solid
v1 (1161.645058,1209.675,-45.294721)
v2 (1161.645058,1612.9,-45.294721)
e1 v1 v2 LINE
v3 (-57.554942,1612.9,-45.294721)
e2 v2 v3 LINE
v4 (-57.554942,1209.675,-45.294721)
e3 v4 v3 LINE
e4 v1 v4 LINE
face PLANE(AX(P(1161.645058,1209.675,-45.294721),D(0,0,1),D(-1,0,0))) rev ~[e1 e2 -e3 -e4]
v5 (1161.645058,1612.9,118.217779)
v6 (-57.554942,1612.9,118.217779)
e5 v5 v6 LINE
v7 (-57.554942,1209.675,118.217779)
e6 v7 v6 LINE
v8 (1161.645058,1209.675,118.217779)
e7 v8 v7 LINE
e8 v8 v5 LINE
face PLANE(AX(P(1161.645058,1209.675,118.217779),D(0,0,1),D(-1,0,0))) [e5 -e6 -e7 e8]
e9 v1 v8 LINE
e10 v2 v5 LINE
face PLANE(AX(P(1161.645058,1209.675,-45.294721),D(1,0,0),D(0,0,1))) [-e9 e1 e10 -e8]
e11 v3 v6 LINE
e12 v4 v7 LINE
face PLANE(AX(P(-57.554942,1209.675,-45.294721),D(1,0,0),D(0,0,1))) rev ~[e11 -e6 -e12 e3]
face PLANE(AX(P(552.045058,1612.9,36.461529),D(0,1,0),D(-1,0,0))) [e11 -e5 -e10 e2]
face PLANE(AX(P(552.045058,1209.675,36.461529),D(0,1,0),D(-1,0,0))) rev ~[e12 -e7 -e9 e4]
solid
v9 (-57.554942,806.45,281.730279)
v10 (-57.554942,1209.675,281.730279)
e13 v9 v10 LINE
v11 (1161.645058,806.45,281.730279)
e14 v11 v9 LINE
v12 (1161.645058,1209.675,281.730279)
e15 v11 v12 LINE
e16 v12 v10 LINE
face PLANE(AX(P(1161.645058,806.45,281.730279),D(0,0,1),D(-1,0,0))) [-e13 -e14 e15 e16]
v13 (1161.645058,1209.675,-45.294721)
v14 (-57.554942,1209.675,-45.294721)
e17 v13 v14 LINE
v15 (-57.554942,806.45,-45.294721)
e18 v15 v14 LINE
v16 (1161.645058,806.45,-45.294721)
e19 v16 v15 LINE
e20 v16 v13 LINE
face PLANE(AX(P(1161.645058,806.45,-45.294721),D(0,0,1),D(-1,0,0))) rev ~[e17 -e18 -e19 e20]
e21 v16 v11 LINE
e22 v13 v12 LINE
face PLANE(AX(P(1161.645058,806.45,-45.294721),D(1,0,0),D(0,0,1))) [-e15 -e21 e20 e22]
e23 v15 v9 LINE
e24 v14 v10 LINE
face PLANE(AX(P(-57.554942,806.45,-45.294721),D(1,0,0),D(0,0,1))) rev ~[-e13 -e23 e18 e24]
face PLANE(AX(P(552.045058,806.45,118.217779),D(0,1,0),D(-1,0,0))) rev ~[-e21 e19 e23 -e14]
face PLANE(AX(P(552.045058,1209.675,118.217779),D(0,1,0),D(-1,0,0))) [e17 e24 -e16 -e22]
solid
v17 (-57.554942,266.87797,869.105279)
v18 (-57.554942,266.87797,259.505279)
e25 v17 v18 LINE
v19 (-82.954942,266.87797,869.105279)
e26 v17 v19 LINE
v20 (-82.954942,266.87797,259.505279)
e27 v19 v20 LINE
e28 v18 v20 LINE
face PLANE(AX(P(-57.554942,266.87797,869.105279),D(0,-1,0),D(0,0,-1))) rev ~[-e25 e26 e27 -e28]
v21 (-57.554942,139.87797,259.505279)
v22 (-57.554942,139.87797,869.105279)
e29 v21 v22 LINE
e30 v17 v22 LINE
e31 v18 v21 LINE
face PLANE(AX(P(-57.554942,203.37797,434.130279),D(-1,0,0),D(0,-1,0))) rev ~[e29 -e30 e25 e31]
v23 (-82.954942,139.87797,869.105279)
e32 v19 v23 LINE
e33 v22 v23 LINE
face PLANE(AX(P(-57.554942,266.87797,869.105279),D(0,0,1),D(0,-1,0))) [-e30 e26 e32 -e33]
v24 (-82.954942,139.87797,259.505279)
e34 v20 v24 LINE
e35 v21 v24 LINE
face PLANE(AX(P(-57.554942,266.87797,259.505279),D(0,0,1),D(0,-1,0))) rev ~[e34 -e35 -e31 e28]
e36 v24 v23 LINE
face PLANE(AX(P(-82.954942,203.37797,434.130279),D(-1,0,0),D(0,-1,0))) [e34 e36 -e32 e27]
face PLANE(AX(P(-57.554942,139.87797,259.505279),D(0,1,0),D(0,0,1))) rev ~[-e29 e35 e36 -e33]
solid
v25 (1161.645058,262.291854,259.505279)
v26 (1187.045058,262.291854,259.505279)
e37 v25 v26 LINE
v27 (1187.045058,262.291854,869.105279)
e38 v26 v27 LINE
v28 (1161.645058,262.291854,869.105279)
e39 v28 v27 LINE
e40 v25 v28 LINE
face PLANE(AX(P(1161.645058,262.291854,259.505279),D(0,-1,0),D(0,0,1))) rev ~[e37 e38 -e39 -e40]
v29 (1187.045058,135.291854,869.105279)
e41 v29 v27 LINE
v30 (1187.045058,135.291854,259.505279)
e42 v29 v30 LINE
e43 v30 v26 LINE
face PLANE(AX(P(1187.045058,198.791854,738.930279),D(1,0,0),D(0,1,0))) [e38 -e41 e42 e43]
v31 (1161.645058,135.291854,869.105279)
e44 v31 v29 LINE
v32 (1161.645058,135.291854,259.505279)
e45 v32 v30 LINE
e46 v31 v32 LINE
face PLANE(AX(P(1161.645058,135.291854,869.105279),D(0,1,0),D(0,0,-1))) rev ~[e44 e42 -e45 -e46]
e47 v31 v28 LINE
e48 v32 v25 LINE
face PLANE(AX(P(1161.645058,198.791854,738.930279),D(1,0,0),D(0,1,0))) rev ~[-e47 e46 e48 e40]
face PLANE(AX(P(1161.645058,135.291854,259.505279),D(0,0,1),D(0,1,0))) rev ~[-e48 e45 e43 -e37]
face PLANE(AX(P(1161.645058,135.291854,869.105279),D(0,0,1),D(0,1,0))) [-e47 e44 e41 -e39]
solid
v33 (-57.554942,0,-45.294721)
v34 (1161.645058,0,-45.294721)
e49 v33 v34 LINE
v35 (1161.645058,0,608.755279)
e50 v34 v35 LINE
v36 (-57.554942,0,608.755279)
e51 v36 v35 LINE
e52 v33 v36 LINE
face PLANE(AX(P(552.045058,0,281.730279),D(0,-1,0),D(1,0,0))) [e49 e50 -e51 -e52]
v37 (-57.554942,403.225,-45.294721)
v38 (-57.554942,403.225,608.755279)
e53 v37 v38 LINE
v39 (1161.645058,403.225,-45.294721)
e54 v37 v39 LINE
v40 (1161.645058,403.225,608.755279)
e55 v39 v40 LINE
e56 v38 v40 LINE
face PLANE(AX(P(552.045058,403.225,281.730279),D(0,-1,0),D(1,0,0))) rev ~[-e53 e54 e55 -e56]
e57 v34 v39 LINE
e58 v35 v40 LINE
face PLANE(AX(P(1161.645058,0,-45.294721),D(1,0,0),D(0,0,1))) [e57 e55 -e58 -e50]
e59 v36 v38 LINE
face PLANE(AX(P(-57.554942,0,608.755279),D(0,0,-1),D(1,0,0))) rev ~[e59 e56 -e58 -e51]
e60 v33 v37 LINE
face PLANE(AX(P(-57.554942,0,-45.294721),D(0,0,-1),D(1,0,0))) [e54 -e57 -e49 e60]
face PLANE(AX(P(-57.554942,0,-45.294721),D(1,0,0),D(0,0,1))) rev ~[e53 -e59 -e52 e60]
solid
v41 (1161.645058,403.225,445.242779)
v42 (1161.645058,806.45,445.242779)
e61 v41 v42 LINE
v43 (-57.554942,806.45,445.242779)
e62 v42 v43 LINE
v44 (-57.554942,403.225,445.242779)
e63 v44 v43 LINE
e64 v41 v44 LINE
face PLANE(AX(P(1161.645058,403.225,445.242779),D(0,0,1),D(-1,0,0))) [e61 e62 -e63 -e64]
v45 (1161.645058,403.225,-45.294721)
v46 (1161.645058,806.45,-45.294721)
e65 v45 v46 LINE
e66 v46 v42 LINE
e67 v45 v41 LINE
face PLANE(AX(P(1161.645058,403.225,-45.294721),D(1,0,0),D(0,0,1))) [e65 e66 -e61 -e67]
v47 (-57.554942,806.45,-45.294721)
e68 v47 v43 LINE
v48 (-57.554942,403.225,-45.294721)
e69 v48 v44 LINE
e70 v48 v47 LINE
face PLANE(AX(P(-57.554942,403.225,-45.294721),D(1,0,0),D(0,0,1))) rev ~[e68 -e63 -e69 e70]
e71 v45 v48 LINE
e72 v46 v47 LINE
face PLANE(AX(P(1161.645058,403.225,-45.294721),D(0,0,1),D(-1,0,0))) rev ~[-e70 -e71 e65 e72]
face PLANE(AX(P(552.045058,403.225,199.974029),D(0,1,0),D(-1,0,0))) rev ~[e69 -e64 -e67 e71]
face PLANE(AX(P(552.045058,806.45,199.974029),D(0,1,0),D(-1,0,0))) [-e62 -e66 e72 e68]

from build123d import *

# Parameters (mm, degrees)
F0_W      = 1219.2
F0_H      = 654.05
F1_DEPTH  = 403.225
F2_W      = 1219.2
F2_H      = 490.5375
F3_DEPTH  = 403.225
F4_W      = 1219.2
F4_H      = 327.025
F5_DEPTH  = 403.225
F6_W      = 1219.2
F6_H      = 163.5125
F7_DEPTH  = 403.225
F8_W      = 127
F8_H      = 260.35
F8_H_2    = 349.25
F9_DEPTH  = 25.4
F10_W     = 127
F10_H     = 349.25
F10_H_2   = 260.35
F11_DEPTH = 25.4


with BuildPart() as f1:
    # F0 (on Front) → F1 (new body)
    with BuildSketch(Plane.XZ):
        with Locations((552.0450583756, 281.7302793205)):
            Rectangle(F0_W, F0_H)
    extrude(amount=-F1_DEPTH)


with BuildPart() as f3:
    # F2 (on face) → F3 (new body)
    with BuildSketch(Plane(origin=(0, 403.225, 0), x_dir=(-1, 0, 0), z_dir=(0, 1, 0))):
        with Locations((-552.0450583756, 199.9740293205)):
            Rectangle(F2_W, F2_H)
    extrude(amount=F3_DEPTH)


with BuildPart() as f5:
    # F4 (on face) → F5 (new body)
    with BuildSketch(Plane(origin=(0, 806.45, 0), x_dir=(-1, 0, 0), z_dir=(0, 1, 0))):
        with Locations((-552.0450583756, 118.2177793205)):
            Rectangle(F4_W, F4_H)
    extrude(amount=F5_DEPTH)


with BuildPart() as f7:
    # F6 (on face) → F7 (new body)
    with BuildSketch(Plane(origin=(0, 1209.675, 0), x_dir=(-1, 0, 0), z_dir=(0, 1, 0))):
        with Locations((-552.0450583756, 36.4615293205)):
            Rectangle(F6_W, F6_H)
    extrude(amount=F7_DEPTH)


with BuildPart() as f9:
    # F8 (on face) → F9 (new body)
    with BuildSketch(Plane.YZ.offset(1161.6450583756)):
        with Locations((198.7918540835, 738.9302793205)):
            Rectangle(F8_W, F8_H)
        with Locations((198.7918540835, 434.1302793205)):
            Rectangle(F8_W, F8_H_2)
    extrude(amount=F9_DEPTH)


with BuildPart() as f11:
    # F10 (on face) → F11 (new body)
    with BuildSketch(Plane(origin=(-57.5549416244, 0, 0), x_dir=(0, -1, 0), z_dir=(-1, 0, 0))):
        with Locations((-203.377969563, 434.1302793205)):
            Rectangle(F10_W, F10_H)
        with Locations((-203.377969563, 738.9302793205)):
            Rectangle(F10_W, F10_H_2)
    extrude(amount=F11_DEPTH)


solid = Compound([f1.part, f3.part, f5.part, f7.part, f9.part, f11.part])
